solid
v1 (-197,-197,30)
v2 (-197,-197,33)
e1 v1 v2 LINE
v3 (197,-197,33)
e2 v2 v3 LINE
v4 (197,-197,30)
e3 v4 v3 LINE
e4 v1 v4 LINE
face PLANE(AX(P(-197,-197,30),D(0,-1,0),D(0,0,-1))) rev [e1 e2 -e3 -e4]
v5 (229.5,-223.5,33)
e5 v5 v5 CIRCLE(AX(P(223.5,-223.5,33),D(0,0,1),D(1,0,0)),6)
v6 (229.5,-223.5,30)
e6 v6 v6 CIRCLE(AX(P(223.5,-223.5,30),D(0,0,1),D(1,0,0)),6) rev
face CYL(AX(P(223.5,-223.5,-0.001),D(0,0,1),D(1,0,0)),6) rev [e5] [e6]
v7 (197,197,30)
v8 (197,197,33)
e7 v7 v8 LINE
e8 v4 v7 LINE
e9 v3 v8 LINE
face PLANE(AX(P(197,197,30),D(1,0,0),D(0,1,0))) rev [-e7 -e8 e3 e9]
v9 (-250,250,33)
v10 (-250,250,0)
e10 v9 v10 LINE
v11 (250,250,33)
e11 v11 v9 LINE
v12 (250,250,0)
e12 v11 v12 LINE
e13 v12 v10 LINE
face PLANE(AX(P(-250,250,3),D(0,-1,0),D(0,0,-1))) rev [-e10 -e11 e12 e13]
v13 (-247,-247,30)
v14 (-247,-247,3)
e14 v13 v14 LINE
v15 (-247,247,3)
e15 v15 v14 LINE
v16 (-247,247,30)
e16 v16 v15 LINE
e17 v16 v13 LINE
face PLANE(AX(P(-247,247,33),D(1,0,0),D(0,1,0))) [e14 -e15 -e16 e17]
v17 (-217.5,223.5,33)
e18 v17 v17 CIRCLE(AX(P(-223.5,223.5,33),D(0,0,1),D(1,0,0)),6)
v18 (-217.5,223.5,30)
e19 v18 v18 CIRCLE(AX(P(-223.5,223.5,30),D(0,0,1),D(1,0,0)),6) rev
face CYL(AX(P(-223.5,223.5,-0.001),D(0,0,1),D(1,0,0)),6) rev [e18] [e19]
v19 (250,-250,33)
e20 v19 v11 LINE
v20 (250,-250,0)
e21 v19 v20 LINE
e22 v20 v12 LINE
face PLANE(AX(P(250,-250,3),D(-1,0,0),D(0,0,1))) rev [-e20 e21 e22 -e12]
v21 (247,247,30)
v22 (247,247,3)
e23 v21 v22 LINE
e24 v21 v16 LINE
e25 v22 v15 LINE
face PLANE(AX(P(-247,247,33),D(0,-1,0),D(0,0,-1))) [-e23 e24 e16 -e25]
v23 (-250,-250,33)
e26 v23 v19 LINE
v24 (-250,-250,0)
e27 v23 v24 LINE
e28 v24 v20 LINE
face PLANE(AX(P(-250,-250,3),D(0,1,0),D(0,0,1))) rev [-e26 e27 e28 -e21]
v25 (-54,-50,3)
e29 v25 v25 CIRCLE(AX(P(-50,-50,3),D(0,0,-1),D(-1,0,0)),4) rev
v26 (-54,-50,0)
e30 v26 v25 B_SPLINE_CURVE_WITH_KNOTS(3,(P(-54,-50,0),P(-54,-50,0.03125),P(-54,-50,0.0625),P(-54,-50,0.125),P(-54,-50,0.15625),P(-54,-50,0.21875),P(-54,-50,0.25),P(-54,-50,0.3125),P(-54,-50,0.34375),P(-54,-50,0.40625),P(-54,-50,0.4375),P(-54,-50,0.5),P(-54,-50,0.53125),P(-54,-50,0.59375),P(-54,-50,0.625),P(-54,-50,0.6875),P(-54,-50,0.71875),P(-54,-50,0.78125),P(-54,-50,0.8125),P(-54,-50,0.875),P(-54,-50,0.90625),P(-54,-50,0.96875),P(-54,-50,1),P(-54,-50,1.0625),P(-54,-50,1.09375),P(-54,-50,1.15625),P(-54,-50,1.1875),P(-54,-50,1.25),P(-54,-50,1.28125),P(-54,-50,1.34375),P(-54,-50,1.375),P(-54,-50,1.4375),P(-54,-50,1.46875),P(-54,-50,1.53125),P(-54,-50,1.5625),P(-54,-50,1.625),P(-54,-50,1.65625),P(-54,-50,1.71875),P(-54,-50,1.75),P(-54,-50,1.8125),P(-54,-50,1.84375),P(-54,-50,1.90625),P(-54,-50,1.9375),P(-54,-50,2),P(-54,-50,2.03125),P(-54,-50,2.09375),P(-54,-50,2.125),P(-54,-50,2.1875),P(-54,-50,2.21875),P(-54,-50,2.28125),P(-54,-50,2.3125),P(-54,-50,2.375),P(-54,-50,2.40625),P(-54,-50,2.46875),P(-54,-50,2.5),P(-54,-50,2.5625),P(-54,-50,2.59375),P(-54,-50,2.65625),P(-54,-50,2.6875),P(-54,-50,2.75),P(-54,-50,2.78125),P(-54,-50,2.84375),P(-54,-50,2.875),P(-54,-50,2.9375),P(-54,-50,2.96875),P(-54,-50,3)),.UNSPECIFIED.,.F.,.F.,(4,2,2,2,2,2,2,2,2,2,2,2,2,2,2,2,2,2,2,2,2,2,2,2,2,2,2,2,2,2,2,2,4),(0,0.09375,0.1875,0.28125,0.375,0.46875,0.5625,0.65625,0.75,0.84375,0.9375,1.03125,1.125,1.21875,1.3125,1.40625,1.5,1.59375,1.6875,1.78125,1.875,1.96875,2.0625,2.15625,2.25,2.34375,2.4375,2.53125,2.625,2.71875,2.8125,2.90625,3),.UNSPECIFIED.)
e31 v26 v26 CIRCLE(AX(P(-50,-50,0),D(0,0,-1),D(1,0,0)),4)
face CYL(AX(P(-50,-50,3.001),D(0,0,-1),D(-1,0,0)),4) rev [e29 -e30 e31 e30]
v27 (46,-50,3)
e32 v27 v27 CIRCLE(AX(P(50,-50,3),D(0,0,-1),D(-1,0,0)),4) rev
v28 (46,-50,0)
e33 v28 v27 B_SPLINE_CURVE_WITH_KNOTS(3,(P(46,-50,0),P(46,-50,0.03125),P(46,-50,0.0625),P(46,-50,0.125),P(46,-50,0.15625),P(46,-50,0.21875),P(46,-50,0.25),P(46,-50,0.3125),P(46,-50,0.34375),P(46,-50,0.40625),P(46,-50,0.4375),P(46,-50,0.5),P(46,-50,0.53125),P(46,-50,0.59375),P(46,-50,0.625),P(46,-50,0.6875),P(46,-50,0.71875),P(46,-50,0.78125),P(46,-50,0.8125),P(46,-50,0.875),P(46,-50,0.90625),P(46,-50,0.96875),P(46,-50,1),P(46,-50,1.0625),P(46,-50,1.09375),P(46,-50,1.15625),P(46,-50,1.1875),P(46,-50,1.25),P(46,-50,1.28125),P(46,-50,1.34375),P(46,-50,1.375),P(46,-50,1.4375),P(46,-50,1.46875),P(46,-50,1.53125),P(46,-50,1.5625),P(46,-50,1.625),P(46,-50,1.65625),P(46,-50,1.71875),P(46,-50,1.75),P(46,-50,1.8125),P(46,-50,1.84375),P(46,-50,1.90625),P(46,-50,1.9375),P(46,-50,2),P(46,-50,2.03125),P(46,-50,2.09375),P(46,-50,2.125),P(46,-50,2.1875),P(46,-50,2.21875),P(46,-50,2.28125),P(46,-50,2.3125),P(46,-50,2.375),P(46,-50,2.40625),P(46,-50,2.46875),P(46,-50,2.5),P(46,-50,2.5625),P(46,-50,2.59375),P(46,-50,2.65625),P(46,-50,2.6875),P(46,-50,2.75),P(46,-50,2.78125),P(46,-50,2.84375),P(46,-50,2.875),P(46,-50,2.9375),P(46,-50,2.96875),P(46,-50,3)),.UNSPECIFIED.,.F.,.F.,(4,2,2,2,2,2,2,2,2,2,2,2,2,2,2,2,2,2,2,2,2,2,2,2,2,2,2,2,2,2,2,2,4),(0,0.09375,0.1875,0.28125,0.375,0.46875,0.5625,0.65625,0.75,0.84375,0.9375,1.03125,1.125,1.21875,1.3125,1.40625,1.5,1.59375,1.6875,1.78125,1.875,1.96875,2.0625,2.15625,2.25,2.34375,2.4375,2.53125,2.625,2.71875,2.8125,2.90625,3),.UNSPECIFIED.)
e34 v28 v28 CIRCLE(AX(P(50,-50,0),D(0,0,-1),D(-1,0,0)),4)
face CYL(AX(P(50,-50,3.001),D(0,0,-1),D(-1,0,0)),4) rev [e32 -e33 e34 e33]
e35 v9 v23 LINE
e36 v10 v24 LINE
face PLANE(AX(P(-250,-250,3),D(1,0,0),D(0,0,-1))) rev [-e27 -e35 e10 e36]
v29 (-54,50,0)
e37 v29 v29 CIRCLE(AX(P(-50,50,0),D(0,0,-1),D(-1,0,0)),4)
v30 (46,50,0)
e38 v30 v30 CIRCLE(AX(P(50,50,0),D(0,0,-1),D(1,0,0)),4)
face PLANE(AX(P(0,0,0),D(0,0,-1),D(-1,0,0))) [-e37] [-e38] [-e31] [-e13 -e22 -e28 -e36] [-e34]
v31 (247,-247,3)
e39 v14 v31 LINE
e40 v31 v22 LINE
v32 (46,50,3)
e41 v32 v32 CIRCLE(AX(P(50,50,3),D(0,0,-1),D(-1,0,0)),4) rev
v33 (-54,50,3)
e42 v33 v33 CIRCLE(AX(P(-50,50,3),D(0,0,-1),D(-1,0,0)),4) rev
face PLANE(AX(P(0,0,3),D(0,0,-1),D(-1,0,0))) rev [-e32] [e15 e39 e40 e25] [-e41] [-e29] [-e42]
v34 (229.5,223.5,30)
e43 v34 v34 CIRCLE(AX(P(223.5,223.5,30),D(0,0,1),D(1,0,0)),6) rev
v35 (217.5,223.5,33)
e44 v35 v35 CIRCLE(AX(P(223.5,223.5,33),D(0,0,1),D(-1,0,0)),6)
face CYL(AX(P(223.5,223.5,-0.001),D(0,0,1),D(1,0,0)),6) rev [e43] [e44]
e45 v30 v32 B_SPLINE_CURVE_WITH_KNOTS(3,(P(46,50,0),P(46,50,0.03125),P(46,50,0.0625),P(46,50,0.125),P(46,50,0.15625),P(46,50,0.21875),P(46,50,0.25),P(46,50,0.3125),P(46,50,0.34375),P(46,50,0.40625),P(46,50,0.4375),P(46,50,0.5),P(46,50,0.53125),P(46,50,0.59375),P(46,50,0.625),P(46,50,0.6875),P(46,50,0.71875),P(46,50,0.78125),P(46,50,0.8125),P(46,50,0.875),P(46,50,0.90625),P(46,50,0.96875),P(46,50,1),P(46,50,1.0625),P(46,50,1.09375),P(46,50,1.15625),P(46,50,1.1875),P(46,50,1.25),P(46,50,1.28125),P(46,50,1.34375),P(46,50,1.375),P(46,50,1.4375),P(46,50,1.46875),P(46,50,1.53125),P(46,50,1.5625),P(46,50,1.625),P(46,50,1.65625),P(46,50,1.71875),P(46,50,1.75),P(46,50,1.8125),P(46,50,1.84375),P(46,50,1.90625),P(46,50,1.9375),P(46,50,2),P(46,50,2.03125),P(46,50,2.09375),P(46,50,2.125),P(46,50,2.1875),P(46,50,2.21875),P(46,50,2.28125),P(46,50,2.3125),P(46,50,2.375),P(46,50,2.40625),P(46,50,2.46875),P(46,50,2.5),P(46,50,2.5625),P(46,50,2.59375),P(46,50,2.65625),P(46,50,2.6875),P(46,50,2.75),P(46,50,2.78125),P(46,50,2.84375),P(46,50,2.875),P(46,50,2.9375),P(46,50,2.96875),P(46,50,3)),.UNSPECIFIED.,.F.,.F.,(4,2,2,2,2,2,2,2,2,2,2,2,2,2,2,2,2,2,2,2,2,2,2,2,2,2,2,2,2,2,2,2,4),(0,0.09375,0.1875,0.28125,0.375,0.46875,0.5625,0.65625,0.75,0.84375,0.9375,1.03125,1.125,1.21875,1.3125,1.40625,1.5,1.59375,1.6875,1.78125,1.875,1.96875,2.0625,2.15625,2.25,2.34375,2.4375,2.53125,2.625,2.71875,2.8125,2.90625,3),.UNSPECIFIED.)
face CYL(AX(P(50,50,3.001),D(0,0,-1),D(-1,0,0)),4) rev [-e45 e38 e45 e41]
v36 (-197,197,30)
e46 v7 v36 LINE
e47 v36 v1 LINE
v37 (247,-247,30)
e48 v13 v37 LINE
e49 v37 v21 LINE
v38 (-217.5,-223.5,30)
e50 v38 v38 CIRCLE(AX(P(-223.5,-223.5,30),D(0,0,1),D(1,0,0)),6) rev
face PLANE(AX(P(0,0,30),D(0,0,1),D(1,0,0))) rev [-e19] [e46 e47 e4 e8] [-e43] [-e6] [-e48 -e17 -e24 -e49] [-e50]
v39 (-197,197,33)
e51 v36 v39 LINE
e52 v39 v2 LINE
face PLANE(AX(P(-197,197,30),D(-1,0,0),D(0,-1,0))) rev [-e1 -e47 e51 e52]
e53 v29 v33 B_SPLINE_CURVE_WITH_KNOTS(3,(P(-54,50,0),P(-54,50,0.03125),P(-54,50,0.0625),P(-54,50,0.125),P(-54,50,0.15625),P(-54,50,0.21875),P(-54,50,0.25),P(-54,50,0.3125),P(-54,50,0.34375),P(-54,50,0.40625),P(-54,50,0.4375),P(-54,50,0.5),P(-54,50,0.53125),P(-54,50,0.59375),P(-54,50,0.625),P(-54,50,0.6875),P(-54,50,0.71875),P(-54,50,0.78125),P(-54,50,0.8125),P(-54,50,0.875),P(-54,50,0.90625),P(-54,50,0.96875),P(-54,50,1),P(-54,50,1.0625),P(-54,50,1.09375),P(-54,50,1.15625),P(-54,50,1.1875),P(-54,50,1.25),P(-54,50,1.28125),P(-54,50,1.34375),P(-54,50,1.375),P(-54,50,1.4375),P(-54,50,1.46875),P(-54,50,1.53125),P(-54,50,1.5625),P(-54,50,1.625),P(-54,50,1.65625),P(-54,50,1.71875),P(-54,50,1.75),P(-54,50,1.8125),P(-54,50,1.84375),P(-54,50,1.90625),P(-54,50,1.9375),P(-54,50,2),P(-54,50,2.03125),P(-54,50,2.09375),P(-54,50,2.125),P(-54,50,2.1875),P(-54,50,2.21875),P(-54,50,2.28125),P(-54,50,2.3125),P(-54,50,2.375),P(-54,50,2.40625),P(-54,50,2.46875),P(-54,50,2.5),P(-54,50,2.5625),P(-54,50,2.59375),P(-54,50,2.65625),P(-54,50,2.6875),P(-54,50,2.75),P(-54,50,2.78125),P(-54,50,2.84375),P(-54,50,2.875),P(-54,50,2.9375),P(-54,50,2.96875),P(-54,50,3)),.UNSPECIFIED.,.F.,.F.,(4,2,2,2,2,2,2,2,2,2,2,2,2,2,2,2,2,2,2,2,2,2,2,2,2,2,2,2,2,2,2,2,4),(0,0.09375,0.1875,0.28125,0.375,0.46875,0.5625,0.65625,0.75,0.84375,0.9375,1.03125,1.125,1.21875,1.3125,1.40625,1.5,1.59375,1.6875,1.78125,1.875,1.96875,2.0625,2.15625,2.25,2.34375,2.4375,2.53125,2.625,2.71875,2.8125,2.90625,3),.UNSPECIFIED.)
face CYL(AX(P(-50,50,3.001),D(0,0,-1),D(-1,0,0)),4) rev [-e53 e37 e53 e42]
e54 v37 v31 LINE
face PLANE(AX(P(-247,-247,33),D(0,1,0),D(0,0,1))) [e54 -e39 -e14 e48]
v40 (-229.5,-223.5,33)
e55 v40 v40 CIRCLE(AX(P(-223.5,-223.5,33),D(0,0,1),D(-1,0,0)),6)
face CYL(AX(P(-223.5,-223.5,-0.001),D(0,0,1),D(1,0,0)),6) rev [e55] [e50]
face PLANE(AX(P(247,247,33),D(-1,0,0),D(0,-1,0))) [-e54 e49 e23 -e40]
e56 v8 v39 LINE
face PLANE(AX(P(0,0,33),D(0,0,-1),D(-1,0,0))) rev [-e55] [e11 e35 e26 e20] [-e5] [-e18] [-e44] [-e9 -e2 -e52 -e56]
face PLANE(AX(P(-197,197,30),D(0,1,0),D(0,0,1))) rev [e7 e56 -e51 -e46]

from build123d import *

# Parameters (mm, degrees)
SKETCH1_W           = 500
SKETCH1_H           = 500
BOSS_EXTRUDE1_DEPTH = 3
CUT_EXTRUDE1_REACH  = 355.566
SKETCH3_R           = 4
SKETCH4_W           = 500
SKETCH4_H           = 500
SKETCH4_W_2         = 494
SKETCH4_H_2         = 494
BOSS_EXTRUDE2_DEPTH = 30
SKETCH5_W           = 494
SKETCH5_H           = 494
SKETCH5_W_2         = 394
SKETCH5_H_2         = 394
BOSS_EXTRUDE3_DEPTH = 3
CUT_EXTRUDE2_REACH  = 357.09
SKETCH6_R           = 6


with BuildPart() as part:
    # Sketch1 → Boss-Extrude1 (new body)
    with BuildSketch(Plane.XY):
        Rectangle(SKETCH1_W, SKETCH1_H)
    extrude(amount=BOSS_EXTRUDE1_DEPTH)

    # Sketch3 → Cut-Extrude1 (cut, up to next)
    with BuildSketch(Plane(origin=(0, 0, 0), x_dir=(-1, 0, 0), z_dir=(0, 0, -1)), mode=Mode.PRIVATE) as cut_extrude1_sk1:
        with Locations((50, 50)):
            Circle(SKETCH3_R)
    cut_extrude1_tool1 = extrude(cut_extrude1_sk1.sketch, amount=-CUT_EXTRUDE1_REACH, mode=Mode.PRIVATE) & part.part
    # Sketch3 → Cut-Extrude1 (cut, up to next)
    with BuildSketch(Plane(origin=(0, 0, 0), x_dir=(-1, 0, 0), z_dir=(0, 0, -1)), mode=Mode.PRIVATE) as cut_extrude1_sk2:
        with Locations((-50, 50)):
            Circle(SKETCH3_R)
    cut_extrude1_tool2 = extrude(cut_extrude1_sk2.sketch, amount=-CUT_EXTRUDE1_REACH, mode=Mode.PRIVATE) & part.part
    # Sketch3 → Cut-Extrude1 (cut, up to next)
    with BuildSketch(Plane(origin=(0, 0, 0), x_dir=(-1, 0, 0), z_dir=(0, 0, -1)), mode=Mode.PRIVATE) as cut_extrude1_sk3:
        with Locations((50, -50)):
            Circle(SKETCH3_R)
    cut_extrude1_tool3 = extrude(cut_extrude1_sk3.sketch, amount=-CUT_EXTRUDE1_REACH, mode=Mode.PRIVATE) & part.part
    # Sketch3 → Cut-Extrude1 (cut, up to next)
    with BuildSketch(Plane(origin=(0, 0, 0), x_dir=(-1, 0, 0), z_dir=(0, 0, -1)), mode=Mode.PRIVATE) as cut_extrude1_sk4:
        with Locations((-50, -50)):
            Circle(SKETCH3_R)
    cut_extrude1_tool4 = extrude(cut_extrude1_sk4.sketch, amount=-CUT_EXTRUDE1_REACH, mode=Mode.PRIVATE) & part.part
    add(cut_extrude1_tool1.solids().sort_by_distance((-50, 50, 0))[0], mode=Mode.SUBTRACT)
    add(cut_extrude1_tool2.solids().sort_by_distance((50, 50, 0))[0], mode=Mode.SUBTRACT)
    add(cut_extrude1_tool3.solids().sort_by_distance((-50, -50, 0))[0], mode=Mode.SUBTRACT)
    add(cut_extrude1_tool4.solids().sort_by_distance((50, -50, 0))[0], mode=Mode.SUBTRACT)

    # Sketch4 → Boss-Extrude2 (add)
    with BuildSketch(Plane.XY.offset(3)):
        Rectangle(SKETCH4_W, SKETCH4_H)
        Rectangle(SKETCH4_W_2, SKETCH4_H_2, mode=Mode.SUBTRACT)
    extrude(amount=BOSS_EXTRUDE2_DEPTH)

    # Sketch5 → Boss-Extrude3 (add)
    with BuildSketch(Plane.XY.offset(33)):
        Rectangle(SKETCH5_W, SKETCH5_H)
        Rectangle(SKETCH5_W_2, SKETCH5_H_2, mode=Mode.SUBTRACT)
    extrude(amount=-BOSS_EXTRUDE3_DEPTH)

    # Sketch6 → Cut-Extrude2 (cut, up to next)
    with BuildSketch(Plane.XY.offset(33), mode=Mode.PRIVATE) as cut_extrude2_sk1:
        with Locations((-223.5, 223.5)):
            Circle(SKETCH6_R)
    cut_extrude2_tool1 = extrude(cut_extrude2_sk1.sketch, amount=-CUT_EXTRUDE2_REACH, mode=Mode.PRIVATE) & part.part
    # Sketch6 → Cut-Extrude2 (cut, up to next)
    with BuildSketch(Plane.XY.offset(33), mode=Mode.PRIVATE) as cut_extrude2_sk2:
        with Locations((223.5, 223.5)):
            Circle(SKETCH6_R)
    cut_extrude2_tool2 = extrude(cut_extrude2_sk2.sketch, amount=-CUT_EXTRUDE2_REACH, mode=Mode.PRIVATE) & part.part
    # Sketch6 → Cut-Extrude2 (cut, up to next)
    with BuildSketch(Plane.XY.offset(33), mode=Mode.PRIVATE) as cut_extrude2_sk3:
        with Locations((223.5, -223.5)):
            Circle(SKETCH6_R)
    cut_extrude2_tool3 = extrude(cut_extrude2_sk3.sketch, amount=-CUT_EXTRUDE2_REACH, mode=Mode.PRIVATE) & part.part
    # Sketch6 → Cut-Extrude2 (cut, up to next)
    with BuildSketch(Plane.XY.offset(33), mode=Mode.PRIVATE) as cut_extrude2_sk4:
        with Locations((-223.5, -223.5)):
            Circle(SKETCH6_R)
    cut_extrude2_tool4 = extrude(cut_extrude2_sk4.sketch, amount=-CUT_EXTRUDE2_REACH, mode=Mode.PRIVATE) & part.part
    add(cut_extrude2_tool1.solids().sort_by_distance((-223.5, 223.5, 33))[0], mode=Mode.SUBTRACT)
    add(cut_extrude2_tool2.solids().sort_by_distance((223.5, 223.5, 33))[0], mode=Mode.SUBTRACT)
    add(cut_extrude2_tool3.solids().sort_by_distance((223.5, -223.5, 33))[0], mode=Mode.SUBTRACT)
    add(cut_extrude2_tool4.solids().sort_by_distance((-223.5, -223.5, 33))[0], mode=Mode.SUBTRACT)


solid = part.part
